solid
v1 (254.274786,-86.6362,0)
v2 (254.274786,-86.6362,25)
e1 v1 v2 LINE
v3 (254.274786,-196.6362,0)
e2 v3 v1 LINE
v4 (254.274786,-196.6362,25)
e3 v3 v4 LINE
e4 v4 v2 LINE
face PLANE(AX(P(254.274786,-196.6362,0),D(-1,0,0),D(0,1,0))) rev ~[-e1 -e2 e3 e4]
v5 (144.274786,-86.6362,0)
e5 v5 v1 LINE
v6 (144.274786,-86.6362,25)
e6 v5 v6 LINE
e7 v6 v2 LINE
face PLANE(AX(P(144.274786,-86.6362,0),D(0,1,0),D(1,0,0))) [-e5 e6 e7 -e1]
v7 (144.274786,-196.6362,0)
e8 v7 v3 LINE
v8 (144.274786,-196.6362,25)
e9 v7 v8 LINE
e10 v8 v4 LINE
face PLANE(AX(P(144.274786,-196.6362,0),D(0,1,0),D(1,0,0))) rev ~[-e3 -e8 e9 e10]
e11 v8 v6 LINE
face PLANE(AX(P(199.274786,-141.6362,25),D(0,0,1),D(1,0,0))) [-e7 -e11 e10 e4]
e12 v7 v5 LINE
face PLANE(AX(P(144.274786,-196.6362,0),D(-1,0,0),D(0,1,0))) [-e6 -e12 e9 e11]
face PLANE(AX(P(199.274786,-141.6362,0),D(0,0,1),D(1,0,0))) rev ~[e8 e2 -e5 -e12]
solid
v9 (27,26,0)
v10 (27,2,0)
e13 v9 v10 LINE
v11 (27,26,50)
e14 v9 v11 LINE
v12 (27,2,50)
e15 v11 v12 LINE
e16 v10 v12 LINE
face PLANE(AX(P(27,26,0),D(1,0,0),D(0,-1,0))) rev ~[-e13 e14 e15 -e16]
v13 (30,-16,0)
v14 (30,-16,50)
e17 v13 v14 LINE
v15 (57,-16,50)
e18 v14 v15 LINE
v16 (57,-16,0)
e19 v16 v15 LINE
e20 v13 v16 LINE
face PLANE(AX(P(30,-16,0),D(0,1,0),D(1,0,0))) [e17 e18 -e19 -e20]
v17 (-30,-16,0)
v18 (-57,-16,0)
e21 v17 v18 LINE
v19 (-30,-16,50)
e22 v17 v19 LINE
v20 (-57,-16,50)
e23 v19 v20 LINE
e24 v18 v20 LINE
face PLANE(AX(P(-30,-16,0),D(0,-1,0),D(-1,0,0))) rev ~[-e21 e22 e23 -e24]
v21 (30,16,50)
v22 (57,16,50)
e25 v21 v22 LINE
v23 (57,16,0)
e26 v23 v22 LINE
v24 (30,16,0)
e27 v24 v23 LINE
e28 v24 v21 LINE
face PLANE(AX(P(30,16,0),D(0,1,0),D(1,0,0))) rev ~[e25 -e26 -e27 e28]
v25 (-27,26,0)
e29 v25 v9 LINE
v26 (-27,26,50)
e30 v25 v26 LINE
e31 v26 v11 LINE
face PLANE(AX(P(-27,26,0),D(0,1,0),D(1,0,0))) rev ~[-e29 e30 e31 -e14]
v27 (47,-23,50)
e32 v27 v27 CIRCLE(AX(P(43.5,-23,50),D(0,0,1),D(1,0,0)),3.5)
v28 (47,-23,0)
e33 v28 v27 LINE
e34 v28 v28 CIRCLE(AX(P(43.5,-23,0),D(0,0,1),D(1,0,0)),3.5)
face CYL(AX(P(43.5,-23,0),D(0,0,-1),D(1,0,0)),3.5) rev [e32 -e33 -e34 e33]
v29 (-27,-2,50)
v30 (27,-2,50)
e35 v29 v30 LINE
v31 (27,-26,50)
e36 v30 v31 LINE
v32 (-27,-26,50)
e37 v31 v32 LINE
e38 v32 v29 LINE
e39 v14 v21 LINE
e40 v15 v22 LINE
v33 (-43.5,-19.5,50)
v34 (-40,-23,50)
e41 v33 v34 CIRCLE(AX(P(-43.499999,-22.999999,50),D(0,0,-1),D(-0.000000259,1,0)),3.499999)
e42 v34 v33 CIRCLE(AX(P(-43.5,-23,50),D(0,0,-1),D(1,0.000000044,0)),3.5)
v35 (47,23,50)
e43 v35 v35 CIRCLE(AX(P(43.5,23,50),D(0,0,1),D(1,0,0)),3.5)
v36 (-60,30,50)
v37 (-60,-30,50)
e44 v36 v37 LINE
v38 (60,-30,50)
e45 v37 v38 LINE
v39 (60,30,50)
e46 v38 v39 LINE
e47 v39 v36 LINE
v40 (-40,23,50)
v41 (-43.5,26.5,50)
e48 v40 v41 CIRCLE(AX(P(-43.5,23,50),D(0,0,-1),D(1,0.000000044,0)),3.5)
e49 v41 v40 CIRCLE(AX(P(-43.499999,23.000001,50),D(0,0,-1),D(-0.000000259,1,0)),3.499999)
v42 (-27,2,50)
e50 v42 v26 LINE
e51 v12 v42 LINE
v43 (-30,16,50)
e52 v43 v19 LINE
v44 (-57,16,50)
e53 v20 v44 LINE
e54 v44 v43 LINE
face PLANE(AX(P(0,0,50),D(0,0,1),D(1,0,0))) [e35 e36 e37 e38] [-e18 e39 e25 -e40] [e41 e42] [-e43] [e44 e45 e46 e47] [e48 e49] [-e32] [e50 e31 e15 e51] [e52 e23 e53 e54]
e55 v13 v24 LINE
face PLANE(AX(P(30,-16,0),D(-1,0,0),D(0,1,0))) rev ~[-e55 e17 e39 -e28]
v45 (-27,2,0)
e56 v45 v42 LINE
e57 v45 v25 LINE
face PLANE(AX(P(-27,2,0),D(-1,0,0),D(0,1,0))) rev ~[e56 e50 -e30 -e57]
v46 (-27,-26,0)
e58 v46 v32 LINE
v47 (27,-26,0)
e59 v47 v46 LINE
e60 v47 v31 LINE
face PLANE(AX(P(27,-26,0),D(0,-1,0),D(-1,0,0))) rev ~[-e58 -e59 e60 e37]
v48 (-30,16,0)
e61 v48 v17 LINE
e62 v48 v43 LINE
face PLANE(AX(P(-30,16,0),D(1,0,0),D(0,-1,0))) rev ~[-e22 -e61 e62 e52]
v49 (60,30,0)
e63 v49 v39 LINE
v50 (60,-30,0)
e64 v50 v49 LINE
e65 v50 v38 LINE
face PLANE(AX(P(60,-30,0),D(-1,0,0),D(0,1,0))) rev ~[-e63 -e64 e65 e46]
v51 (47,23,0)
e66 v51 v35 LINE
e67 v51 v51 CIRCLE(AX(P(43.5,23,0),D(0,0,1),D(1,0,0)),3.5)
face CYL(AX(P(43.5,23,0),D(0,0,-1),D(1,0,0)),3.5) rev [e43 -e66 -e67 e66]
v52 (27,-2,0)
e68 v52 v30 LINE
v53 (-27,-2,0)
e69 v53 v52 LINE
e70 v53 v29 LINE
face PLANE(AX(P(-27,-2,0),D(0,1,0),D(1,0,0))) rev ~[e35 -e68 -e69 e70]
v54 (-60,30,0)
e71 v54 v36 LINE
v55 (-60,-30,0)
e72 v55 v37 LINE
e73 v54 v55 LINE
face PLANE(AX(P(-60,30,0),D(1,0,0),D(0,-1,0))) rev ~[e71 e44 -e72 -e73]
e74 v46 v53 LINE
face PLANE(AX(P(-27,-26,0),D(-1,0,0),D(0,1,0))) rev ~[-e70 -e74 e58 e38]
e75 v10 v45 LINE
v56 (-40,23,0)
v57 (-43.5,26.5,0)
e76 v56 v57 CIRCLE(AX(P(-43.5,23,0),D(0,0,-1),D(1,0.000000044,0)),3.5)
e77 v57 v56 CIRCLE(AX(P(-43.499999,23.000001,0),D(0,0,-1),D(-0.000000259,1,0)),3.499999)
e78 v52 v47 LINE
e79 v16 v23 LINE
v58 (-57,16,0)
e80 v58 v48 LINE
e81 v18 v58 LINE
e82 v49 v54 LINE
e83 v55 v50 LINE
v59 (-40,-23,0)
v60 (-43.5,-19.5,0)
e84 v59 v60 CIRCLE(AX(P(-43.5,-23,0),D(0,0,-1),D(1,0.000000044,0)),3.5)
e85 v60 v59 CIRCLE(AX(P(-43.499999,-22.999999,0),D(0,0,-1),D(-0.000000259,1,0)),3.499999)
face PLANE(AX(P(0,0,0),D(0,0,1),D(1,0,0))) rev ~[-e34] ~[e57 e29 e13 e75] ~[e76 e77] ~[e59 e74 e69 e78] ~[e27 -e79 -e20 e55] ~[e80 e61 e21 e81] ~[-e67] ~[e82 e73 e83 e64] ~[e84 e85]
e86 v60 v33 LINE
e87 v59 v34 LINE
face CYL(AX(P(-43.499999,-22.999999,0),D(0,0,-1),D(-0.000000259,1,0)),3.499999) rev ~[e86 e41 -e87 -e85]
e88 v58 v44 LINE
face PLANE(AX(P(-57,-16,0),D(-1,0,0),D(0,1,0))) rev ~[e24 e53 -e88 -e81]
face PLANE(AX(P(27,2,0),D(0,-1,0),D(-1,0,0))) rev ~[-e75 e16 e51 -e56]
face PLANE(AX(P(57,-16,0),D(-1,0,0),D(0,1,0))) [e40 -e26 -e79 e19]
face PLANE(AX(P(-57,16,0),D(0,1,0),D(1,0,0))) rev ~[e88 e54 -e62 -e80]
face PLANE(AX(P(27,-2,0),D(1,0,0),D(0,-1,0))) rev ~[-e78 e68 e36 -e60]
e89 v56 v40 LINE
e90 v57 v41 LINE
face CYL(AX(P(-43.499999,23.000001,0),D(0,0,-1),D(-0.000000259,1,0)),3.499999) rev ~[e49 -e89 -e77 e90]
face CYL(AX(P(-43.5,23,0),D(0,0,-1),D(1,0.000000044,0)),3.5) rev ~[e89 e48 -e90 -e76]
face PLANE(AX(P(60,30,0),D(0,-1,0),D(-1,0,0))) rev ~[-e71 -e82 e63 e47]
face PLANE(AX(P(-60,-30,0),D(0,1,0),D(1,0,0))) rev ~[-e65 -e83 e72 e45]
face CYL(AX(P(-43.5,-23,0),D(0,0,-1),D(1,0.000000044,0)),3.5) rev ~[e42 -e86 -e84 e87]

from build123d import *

# Parameters (mm, degrees)
F0_R     = 3.5
F0_W     = 27
F0_H     = 32
F1_DEPTH = 50
F2_W     = 110
F2_H     = 110
F3_DEPTH = 25


with BuildPart() as f1:
    # F0 (on Top) → F1 (new body)
    with BuildSketch(Plane.XY):
        Polygon((60, -30), (60, 30), (27, 30), (-27, 30), (-43.5, 30), (-60, 30), (-60, -30), (-27, -30), (27, -30), align=None)
        with BuildLine():
            ThreePointArc((-43.5, -19.5), (-41.025126, -20.525126), (-40, -23))
            ThreePointArc((-40, -23), (-45.974874, -25.474874), (-43.5, -19.5))
        make_face(mode=Mode.SUBTRACT)
        with Locations((43.5, -23)):
            Circle(F0_R, mode=Mode.SUBTRACT)
        Polygon((27, -26), (22.5, -26), (-22.5, -26), (-27, -26), (-27, -2), (27, -2), align=None, mode=Mode.SUBTRACT)
        Polygon((-30, -16), (-43.5, -16), (-57, -16), (-57, 16), (-30, 16), align=None, mode=Mode.SUBTRACT)
        with BuildLine():
            ThreePointArc((-40, 23), (-45.974874, 20.525126), (-43.5, 26.5))
            ThreePointArc((-43.5, 26.5), (-41.025126, 25.474874), (-40, 23))
        make_face(mode=Mode.SUBTRACT)
        Polygon((22.5, 26), (27, 26), (27, 2), (-27, 2), (-27, 26), (-22.5, 26), align=None, mode=Mode.SUBTRACT)
        with Locations((43.5, 0)):
            Rectangle(F0_W, F0_H, mode=Mode.SUBTRACT)
        with Locations((43.5, 23)):
            Circle(F0_R, mode=Mode.SUBTRACT)
    extrude(amount=F1_DEPTH)


with BuildPart() as f3:
    # F2 (on Top) → F3 (new body)
    with BuildSketch(Plane.XY):
        with Locations((199.274786, -141.6362)):
            Rectangle(F2_W, F2_H)
    extrude(amount=F3_DEPTH)


solid = Compound([f1.part, f3.part])
